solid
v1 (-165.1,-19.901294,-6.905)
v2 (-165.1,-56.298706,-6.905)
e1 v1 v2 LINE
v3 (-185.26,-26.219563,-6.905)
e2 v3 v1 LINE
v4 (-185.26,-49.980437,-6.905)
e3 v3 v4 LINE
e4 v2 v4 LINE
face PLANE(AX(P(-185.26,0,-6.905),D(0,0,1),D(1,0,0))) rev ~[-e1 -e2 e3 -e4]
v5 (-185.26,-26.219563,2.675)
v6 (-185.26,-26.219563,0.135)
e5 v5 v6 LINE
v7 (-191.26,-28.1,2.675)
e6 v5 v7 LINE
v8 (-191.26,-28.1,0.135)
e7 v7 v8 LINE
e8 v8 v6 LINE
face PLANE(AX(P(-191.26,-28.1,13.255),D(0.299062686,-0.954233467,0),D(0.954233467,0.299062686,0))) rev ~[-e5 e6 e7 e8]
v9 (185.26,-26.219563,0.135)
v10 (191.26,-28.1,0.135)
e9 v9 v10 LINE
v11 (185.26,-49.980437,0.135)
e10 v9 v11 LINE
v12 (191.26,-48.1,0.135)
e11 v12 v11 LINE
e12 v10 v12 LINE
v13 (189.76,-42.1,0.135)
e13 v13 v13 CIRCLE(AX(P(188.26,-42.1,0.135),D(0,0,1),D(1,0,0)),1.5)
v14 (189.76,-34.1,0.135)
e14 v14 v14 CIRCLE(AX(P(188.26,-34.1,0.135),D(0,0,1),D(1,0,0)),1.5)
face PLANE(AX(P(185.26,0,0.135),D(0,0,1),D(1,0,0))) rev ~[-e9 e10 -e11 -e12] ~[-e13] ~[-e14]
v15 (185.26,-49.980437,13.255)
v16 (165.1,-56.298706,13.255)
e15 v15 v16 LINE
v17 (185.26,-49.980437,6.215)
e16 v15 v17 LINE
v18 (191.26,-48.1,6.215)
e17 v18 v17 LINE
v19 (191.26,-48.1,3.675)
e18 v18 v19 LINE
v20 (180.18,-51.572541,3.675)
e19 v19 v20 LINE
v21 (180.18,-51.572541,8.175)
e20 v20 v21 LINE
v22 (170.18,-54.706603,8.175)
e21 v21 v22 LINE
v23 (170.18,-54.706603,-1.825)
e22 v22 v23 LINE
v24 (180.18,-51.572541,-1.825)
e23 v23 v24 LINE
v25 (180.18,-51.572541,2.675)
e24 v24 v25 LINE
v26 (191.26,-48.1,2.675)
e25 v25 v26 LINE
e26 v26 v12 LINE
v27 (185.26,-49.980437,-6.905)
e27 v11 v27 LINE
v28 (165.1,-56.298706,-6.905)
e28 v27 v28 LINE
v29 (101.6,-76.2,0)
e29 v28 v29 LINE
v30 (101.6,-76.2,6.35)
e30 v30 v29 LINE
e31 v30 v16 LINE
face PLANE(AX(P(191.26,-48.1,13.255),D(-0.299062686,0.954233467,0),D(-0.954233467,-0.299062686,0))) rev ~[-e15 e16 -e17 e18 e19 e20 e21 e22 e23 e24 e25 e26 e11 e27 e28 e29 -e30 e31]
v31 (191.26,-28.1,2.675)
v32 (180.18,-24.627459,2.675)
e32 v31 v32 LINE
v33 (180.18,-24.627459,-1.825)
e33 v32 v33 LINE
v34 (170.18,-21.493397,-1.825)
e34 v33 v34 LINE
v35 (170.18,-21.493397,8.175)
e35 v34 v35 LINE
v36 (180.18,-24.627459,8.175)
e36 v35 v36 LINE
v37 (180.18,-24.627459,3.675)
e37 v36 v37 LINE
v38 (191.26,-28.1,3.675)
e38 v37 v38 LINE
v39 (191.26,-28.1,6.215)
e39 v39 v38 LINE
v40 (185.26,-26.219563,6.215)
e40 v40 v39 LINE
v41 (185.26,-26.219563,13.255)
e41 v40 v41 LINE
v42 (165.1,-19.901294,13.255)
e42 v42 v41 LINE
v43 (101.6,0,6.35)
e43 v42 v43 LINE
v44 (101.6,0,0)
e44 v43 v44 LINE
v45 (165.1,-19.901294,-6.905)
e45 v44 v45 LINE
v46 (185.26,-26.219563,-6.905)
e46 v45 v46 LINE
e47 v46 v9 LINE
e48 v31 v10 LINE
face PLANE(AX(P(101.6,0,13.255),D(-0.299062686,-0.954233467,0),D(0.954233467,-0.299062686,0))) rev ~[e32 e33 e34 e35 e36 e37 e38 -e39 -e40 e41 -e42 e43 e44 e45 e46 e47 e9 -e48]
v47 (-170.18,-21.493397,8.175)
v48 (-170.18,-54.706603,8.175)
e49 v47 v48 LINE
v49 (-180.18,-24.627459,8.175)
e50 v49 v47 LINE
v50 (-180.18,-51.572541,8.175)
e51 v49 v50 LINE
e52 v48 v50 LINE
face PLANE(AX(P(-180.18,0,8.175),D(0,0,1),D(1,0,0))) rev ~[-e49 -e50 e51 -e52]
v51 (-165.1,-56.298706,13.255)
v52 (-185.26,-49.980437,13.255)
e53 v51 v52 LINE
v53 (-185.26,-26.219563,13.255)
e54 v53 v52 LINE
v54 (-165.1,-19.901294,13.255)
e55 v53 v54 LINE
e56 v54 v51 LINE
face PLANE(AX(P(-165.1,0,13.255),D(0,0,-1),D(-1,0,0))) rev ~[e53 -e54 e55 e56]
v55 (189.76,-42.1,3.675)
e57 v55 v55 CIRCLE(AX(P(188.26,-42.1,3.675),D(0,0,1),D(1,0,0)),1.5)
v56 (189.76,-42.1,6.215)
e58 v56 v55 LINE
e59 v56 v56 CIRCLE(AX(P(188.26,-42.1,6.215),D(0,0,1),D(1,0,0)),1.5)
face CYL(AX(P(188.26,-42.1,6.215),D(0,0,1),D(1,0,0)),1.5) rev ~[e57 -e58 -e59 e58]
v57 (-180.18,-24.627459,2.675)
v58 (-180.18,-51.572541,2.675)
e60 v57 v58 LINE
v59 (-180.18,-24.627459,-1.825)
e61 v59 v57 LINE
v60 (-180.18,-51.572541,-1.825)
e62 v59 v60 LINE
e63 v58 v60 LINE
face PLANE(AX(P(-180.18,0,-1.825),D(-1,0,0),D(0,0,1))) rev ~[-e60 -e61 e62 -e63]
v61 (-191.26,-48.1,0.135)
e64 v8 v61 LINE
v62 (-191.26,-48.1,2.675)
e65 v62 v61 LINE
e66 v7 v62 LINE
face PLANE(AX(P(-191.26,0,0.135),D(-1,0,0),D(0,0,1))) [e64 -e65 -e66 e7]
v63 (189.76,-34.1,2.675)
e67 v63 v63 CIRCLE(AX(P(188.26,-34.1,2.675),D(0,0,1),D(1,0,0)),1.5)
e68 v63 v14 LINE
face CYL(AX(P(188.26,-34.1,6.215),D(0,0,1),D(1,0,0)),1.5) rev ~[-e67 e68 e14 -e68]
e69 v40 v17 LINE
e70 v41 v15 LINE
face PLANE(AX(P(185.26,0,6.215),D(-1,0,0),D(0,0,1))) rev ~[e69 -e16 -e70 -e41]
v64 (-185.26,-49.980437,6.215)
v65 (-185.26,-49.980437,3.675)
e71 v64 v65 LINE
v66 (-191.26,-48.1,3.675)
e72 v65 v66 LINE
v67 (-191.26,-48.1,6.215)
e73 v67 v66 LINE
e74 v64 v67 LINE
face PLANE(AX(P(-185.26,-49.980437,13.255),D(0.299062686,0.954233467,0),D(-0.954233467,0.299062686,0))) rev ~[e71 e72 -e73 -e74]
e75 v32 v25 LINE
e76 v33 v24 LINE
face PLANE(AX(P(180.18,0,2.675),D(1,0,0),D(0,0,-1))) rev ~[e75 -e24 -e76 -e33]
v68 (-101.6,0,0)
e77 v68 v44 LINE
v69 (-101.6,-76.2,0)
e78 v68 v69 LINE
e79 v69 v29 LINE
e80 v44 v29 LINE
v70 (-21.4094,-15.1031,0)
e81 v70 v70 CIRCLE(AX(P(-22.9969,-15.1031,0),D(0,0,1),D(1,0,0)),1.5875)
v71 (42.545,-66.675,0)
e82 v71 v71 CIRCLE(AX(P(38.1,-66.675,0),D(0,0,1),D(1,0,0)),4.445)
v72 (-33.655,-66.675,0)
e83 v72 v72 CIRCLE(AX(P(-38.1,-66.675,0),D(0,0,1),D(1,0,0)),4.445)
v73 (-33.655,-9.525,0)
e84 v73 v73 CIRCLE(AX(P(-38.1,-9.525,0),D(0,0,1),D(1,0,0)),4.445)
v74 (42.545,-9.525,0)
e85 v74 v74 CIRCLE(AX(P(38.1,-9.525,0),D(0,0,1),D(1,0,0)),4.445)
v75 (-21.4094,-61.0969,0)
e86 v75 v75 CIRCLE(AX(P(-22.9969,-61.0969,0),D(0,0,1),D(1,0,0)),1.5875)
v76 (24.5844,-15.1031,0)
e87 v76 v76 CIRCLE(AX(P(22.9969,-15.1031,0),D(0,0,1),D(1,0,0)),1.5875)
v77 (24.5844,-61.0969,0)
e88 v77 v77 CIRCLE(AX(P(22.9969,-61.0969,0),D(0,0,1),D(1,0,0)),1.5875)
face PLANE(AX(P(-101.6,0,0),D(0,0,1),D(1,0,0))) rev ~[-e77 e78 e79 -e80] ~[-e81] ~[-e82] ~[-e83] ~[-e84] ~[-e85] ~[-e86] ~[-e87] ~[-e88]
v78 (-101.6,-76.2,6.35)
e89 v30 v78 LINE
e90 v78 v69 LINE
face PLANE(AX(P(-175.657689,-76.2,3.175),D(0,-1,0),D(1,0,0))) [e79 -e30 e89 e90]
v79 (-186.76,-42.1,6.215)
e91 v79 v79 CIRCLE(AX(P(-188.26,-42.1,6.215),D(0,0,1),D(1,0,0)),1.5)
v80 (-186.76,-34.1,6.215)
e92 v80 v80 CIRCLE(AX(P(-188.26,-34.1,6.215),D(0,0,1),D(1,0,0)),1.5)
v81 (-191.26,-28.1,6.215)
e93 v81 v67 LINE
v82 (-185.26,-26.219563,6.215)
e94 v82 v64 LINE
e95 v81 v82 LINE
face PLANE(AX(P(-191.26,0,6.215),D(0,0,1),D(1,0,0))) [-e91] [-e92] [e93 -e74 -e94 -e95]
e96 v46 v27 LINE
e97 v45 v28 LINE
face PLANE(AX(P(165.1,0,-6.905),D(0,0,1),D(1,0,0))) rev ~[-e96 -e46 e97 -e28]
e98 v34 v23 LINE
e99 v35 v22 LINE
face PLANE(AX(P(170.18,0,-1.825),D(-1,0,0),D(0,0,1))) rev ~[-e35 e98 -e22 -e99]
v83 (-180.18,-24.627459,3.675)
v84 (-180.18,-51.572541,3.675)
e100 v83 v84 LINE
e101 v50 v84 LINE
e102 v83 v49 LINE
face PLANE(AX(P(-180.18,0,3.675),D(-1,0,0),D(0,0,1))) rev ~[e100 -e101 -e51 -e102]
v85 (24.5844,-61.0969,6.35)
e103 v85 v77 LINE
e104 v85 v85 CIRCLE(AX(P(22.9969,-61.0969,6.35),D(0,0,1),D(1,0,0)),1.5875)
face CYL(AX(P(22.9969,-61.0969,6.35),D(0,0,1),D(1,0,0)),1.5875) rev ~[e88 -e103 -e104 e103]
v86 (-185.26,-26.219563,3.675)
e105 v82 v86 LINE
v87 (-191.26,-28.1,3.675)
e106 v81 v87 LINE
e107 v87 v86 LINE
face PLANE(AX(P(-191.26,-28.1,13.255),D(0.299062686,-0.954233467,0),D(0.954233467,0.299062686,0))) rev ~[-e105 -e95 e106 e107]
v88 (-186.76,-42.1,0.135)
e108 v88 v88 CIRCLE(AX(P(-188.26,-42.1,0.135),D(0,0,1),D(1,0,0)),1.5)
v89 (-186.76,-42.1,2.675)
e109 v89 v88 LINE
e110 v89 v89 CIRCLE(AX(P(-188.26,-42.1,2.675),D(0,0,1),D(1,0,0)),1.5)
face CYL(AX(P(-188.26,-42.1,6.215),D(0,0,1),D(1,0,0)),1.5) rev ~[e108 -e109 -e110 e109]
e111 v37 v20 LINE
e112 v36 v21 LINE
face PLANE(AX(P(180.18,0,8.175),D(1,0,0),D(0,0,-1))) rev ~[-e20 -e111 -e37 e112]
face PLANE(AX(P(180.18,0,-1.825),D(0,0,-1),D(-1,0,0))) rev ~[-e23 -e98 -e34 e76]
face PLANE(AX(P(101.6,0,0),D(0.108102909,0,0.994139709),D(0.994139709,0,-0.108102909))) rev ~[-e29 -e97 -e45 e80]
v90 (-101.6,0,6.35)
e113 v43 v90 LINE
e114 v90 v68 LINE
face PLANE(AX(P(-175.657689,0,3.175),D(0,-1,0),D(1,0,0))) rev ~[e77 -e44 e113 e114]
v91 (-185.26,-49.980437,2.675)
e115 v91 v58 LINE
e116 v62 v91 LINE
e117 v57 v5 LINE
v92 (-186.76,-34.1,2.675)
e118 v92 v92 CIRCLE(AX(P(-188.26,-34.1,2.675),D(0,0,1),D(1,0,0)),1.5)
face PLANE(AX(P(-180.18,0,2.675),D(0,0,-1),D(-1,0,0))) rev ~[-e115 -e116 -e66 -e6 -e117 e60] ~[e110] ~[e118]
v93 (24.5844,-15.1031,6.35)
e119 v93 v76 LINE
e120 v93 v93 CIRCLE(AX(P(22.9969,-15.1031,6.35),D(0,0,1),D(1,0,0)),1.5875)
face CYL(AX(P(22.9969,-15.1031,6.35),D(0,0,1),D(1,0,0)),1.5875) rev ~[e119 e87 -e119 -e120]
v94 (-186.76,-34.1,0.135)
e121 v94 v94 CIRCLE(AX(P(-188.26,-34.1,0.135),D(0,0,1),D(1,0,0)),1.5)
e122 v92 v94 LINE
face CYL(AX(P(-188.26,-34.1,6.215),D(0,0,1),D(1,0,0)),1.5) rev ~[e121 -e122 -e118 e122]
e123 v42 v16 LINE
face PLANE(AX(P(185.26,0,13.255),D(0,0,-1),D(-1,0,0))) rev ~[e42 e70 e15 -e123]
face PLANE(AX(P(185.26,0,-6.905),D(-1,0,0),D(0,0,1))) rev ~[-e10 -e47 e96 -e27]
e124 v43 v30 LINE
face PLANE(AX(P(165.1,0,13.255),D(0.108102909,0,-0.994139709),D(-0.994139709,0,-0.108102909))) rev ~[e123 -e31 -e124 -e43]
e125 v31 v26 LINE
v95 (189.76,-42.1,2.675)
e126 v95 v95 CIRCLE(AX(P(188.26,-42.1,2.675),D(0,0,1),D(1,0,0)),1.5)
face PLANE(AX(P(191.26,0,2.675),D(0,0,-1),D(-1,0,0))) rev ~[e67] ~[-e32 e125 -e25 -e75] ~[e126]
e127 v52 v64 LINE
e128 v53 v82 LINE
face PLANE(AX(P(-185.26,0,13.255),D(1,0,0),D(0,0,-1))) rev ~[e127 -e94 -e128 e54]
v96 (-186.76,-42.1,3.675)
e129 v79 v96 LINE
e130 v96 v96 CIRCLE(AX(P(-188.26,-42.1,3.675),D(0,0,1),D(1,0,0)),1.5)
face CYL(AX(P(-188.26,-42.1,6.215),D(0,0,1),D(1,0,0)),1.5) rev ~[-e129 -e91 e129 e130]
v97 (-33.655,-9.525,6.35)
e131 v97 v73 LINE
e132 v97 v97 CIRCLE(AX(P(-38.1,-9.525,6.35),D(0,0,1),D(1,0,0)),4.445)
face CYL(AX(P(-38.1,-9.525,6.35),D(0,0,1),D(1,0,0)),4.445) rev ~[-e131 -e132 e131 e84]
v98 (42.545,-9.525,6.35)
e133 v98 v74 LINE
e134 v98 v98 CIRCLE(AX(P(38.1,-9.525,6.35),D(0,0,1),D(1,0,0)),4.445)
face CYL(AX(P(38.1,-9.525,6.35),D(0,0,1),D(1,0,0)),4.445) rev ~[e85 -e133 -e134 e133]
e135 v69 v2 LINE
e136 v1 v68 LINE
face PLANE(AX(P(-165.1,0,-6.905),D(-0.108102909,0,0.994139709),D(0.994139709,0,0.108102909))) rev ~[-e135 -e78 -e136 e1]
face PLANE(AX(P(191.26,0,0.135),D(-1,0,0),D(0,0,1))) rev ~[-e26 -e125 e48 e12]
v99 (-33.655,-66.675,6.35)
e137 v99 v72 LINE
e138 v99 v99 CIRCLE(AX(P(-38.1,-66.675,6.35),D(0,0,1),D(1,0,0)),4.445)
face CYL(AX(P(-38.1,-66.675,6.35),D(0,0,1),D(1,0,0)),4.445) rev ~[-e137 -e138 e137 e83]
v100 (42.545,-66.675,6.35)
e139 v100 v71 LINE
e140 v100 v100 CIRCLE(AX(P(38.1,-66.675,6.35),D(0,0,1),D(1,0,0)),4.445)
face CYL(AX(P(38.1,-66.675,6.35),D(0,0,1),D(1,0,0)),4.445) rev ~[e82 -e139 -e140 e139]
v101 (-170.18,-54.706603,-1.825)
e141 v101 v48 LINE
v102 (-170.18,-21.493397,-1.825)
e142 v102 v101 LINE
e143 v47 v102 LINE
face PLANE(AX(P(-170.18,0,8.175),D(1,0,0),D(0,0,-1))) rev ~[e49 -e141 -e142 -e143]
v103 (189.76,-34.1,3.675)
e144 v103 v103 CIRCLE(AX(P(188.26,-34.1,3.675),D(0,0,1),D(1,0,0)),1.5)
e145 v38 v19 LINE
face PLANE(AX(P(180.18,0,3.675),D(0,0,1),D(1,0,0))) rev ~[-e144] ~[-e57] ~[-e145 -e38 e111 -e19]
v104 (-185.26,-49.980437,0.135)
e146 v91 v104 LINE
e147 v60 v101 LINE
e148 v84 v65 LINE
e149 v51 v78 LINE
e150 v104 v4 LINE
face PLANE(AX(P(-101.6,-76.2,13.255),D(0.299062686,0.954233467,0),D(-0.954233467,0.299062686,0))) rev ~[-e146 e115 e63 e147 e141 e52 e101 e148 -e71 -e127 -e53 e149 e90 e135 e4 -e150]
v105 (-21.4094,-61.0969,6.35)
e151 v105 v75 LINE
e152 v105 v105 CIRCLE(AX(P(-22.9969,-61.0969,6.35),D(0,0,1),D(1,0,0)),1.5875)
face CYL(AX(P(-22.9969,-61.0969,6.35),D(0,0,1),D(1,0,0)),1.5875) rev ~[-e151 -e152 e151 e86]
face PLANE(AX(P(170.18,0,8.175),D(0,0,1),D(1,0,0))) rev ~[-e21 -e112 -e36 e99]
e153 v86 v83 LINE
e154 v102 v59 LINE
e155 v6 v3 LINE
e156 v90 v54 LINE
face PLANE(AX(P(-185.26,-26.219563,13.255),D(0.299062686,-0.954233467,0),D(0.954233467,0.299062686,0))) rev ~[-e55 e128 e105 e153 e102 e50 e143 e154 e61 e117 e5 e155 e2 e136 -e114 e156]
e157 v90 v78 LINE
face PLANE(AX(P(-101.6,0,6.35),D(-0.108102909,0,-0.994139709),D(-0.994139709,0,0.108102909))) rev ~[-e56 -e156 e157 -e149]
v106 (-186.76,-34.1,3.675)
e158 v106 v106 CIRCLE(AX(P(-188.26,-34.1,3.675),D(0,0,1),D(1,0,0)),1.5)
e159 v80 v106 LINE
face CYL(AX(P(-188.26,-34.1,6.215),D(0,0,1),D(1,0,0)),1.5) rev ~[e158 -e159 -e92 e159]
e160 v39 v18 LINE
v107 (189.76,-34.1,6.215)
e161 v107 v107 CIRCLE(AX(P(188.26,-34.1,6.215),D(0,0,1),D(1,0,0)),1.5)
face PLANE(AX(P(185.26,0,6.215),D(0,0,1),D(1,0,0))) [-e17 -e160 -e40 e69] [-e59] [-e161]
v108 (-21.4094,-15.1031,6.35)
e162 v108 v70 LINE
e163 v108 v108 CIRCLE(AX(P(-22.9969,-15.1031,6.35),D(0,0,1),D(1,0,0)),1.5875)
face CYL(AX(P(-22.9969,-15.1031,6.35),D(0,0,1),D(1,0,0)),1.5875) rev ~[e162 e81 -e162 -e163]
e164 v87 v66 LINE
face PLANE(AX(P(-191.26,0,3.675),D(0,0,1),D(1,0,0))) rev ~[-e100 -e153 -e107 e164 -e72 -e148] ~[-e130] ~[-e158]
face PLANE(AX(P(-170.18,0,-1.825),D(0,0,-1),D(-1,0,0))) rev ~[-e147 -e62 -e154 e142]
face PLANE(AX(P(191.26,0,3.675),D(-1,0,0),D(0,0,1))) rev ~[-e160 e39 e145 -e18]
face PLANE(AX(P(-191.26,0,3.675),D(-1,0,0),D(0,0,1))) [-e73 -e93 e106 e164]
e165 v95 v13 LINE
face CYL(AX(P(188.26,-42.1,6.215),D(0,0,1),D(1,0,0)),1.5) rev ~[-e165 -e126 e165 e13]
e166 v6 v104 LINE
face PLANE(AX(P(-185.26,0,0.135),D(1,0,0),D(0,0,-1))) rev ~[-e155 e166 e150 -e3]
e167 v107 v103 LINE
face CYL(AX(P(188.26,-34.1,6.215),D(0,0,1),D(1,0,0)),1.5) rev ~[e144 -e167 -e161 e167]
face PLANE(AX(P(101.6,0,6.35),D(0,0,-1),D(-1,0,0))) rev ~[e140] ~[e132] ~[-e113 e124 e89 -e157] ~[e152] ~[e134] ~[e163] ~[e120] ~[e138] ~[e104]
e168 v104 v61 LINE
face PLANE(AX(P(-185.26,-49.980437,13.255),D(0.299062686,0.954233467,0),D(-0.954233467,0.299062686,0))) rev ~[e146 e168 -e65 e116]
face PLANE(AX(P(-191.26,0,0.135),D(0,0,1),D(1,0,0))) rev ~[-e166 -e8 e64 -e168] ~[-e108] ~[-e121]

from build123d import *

# Parameters (mm, degrees)
F0_W     = 6
F0_H     = 2.54
F0_W_2   = 63.5
F0_H_2   = 6.35
F0_W_3   = 101.6
F1_DEPTH = 76.2
F2_R     = 4.445
F2_R_2   = 1.5875
F3_DEPTH = 25.4
F4_R     = 1.5
F5_DEPTH = 13.121
F7_DEPTH = 20.161


with BuildPart() as f1:
    # F0 (on Front) → F1 (new body)
    with BuildSketch(Plane.XZ):
        Polygon((-180.18, 3.675), (-180.18, 8.175), (-170.18, 8.175), (-170.18, -1.825), (-180.18, -1.825), (-180.18, 2.675), (-185.26, 2.675), (-185.26, 0.135), (-185.26, -6.905), (-165.1, -6.905), (-165.1, 0), (-165.1, 6.35), (-165.1, 13.255), (-185.26, 13.255), (-185.26, 6.215), (-185.26, 3.675), align=None)
        with Locations((-188.26, 4.945)):
            Rectangle(F0_W, F0_H)
        with Locations((-188.26, 1.405)):
            Rectangle(F0_W, F0_H)
        Polygon((-101.6, 6.35), (-165.1, 13.255), (-165.1, 6.35), align=None)
        with Locations((-133.35, 3.175)):
            Rectangle(F0_W_2, F0_H_2)
        with Locations((-50.8, 3.175)):
            Rectangle(F0_W_3, F0_H_2)
        Polygon((-101.6, 0), (-165.1, 0), (-165.1, -6.905), align=None)
        with Locations((50.8, 3.175)):
            Rectangle(F0_W_3, F0_H_2)
        with Locations((133.35, 3.175)):
            Rectangle(F0_W_2, F0_H_2)
        Polygon((165.1, 13.255), (101.6, 6.35), (165.1, 6.35), align=None)
        Polygon((165.1, 0), (101.6, 0), (165.1, -6.905), align=None)
        Polygon((165.1, 13.255), (165.1, 6.35), (165.1, 0), (165.1, -6.905), (185.26, -6.905), (185.26, 0.135), (185.26, 2.675), (180.18, 2.675), (180.18, -1.825), (170.18, -1.825), (170.18, 8.175), (180.18, 8.175), (180.18, 3.675), (185.26, 3.675), (185.26, 6.215), (185.26, 13.255), align=None)
        with Locations((188.26, 4.945)):
            Rectangle(F0_W, F0_H)
        with Locations((188.26, 1.405)):
            Rectangle(F0_W, F0_H)
    extrude(amount=F1_DEPTH)

    # F2 (on face) → F3 (cut)
    with BuildSketch(Plane.XY.offset(6.35)):
        with Locations((-38.1, -9.525)):
            Circle(F2_R)
        with Locations((38.1, -9.525)):
            Circle(F2_R)
        with Locations((38.1, -66.675)):
            Circle(F2_R)
        with Locations((-38.1, -66.675)):
            Circle(F2_R)
        with Locations((-22.9969, -15.1031)):
            Circle(F2_R_2)
        with Locations((22.9969, -61.0969)):
            Circle(F2_R_2)
        with Locations((22.9969, -15.1031)):
            Circle(F2_R_2)
        with Locations((-22.9969, -61.0969)):
            Circle(F2_R_2)
    extrude(amount=-F3_DEPTH, mode=Mode.SUBTRACT)

    # F4 (on face) → F5 (cut, through all)
    with BuildSketch(Plane.XY.offset(6.215)):
        with Locations((-188.26, -34.1)):
            Circle(F4_R)
        with Locations((-188.26, -42.1)):
            Circle(F4_R)
        with Locations((188.26, -42.1)):
            Circle(F4_R)
        with Locations((188.26, -34.1)):
            Circle(F4_R)
    extrude(amount=-F5_DEPTH, mode=Mode.SUBTRACT)

    # F6 (on face) → F7 (cut, through all)
    with BuildSketch(Plane.XY.offset(13.255)):
        Polygon((-165.1, -19.9012937765), (-101.6, 0), (-165.1, 0), align=None)
        Polygon((-185.26, -26.2195627928), (-165.1, -19.9012937765), (-165.1, 0), (-185.26, 0), align=None)
        Polygon((-191.26, -28.1), (-185.26, -26.2195627928), (-185.26, 0), (-191.26, 0), align=None)
        Polygon((-185.26, -76.2), (-185.26, -49.9804372072), (-191.26, -48.1), (-191.26, -76.2), align=None)
        Polygon((-165.1, -76.2), (-165.1, -56.2987062235), (-185.26, -49.9804372072), (-185.26, -76.2), align=None)
        Polygon((-101.6, -76.2), (-165.1, -56.2987062235), (-165.1, -76.2), align=None)
        Polygon((191.26, -48.1), (101.6, -76.2), (191.26, -76.2), align=None)
        Polygon((191.26, 0), (101.6, 0), (191.26, -28.1), align=None)
    extrude(amount=-F7_DEPTH, mode=Mode.SUBTRACT)


solid = f1.part
